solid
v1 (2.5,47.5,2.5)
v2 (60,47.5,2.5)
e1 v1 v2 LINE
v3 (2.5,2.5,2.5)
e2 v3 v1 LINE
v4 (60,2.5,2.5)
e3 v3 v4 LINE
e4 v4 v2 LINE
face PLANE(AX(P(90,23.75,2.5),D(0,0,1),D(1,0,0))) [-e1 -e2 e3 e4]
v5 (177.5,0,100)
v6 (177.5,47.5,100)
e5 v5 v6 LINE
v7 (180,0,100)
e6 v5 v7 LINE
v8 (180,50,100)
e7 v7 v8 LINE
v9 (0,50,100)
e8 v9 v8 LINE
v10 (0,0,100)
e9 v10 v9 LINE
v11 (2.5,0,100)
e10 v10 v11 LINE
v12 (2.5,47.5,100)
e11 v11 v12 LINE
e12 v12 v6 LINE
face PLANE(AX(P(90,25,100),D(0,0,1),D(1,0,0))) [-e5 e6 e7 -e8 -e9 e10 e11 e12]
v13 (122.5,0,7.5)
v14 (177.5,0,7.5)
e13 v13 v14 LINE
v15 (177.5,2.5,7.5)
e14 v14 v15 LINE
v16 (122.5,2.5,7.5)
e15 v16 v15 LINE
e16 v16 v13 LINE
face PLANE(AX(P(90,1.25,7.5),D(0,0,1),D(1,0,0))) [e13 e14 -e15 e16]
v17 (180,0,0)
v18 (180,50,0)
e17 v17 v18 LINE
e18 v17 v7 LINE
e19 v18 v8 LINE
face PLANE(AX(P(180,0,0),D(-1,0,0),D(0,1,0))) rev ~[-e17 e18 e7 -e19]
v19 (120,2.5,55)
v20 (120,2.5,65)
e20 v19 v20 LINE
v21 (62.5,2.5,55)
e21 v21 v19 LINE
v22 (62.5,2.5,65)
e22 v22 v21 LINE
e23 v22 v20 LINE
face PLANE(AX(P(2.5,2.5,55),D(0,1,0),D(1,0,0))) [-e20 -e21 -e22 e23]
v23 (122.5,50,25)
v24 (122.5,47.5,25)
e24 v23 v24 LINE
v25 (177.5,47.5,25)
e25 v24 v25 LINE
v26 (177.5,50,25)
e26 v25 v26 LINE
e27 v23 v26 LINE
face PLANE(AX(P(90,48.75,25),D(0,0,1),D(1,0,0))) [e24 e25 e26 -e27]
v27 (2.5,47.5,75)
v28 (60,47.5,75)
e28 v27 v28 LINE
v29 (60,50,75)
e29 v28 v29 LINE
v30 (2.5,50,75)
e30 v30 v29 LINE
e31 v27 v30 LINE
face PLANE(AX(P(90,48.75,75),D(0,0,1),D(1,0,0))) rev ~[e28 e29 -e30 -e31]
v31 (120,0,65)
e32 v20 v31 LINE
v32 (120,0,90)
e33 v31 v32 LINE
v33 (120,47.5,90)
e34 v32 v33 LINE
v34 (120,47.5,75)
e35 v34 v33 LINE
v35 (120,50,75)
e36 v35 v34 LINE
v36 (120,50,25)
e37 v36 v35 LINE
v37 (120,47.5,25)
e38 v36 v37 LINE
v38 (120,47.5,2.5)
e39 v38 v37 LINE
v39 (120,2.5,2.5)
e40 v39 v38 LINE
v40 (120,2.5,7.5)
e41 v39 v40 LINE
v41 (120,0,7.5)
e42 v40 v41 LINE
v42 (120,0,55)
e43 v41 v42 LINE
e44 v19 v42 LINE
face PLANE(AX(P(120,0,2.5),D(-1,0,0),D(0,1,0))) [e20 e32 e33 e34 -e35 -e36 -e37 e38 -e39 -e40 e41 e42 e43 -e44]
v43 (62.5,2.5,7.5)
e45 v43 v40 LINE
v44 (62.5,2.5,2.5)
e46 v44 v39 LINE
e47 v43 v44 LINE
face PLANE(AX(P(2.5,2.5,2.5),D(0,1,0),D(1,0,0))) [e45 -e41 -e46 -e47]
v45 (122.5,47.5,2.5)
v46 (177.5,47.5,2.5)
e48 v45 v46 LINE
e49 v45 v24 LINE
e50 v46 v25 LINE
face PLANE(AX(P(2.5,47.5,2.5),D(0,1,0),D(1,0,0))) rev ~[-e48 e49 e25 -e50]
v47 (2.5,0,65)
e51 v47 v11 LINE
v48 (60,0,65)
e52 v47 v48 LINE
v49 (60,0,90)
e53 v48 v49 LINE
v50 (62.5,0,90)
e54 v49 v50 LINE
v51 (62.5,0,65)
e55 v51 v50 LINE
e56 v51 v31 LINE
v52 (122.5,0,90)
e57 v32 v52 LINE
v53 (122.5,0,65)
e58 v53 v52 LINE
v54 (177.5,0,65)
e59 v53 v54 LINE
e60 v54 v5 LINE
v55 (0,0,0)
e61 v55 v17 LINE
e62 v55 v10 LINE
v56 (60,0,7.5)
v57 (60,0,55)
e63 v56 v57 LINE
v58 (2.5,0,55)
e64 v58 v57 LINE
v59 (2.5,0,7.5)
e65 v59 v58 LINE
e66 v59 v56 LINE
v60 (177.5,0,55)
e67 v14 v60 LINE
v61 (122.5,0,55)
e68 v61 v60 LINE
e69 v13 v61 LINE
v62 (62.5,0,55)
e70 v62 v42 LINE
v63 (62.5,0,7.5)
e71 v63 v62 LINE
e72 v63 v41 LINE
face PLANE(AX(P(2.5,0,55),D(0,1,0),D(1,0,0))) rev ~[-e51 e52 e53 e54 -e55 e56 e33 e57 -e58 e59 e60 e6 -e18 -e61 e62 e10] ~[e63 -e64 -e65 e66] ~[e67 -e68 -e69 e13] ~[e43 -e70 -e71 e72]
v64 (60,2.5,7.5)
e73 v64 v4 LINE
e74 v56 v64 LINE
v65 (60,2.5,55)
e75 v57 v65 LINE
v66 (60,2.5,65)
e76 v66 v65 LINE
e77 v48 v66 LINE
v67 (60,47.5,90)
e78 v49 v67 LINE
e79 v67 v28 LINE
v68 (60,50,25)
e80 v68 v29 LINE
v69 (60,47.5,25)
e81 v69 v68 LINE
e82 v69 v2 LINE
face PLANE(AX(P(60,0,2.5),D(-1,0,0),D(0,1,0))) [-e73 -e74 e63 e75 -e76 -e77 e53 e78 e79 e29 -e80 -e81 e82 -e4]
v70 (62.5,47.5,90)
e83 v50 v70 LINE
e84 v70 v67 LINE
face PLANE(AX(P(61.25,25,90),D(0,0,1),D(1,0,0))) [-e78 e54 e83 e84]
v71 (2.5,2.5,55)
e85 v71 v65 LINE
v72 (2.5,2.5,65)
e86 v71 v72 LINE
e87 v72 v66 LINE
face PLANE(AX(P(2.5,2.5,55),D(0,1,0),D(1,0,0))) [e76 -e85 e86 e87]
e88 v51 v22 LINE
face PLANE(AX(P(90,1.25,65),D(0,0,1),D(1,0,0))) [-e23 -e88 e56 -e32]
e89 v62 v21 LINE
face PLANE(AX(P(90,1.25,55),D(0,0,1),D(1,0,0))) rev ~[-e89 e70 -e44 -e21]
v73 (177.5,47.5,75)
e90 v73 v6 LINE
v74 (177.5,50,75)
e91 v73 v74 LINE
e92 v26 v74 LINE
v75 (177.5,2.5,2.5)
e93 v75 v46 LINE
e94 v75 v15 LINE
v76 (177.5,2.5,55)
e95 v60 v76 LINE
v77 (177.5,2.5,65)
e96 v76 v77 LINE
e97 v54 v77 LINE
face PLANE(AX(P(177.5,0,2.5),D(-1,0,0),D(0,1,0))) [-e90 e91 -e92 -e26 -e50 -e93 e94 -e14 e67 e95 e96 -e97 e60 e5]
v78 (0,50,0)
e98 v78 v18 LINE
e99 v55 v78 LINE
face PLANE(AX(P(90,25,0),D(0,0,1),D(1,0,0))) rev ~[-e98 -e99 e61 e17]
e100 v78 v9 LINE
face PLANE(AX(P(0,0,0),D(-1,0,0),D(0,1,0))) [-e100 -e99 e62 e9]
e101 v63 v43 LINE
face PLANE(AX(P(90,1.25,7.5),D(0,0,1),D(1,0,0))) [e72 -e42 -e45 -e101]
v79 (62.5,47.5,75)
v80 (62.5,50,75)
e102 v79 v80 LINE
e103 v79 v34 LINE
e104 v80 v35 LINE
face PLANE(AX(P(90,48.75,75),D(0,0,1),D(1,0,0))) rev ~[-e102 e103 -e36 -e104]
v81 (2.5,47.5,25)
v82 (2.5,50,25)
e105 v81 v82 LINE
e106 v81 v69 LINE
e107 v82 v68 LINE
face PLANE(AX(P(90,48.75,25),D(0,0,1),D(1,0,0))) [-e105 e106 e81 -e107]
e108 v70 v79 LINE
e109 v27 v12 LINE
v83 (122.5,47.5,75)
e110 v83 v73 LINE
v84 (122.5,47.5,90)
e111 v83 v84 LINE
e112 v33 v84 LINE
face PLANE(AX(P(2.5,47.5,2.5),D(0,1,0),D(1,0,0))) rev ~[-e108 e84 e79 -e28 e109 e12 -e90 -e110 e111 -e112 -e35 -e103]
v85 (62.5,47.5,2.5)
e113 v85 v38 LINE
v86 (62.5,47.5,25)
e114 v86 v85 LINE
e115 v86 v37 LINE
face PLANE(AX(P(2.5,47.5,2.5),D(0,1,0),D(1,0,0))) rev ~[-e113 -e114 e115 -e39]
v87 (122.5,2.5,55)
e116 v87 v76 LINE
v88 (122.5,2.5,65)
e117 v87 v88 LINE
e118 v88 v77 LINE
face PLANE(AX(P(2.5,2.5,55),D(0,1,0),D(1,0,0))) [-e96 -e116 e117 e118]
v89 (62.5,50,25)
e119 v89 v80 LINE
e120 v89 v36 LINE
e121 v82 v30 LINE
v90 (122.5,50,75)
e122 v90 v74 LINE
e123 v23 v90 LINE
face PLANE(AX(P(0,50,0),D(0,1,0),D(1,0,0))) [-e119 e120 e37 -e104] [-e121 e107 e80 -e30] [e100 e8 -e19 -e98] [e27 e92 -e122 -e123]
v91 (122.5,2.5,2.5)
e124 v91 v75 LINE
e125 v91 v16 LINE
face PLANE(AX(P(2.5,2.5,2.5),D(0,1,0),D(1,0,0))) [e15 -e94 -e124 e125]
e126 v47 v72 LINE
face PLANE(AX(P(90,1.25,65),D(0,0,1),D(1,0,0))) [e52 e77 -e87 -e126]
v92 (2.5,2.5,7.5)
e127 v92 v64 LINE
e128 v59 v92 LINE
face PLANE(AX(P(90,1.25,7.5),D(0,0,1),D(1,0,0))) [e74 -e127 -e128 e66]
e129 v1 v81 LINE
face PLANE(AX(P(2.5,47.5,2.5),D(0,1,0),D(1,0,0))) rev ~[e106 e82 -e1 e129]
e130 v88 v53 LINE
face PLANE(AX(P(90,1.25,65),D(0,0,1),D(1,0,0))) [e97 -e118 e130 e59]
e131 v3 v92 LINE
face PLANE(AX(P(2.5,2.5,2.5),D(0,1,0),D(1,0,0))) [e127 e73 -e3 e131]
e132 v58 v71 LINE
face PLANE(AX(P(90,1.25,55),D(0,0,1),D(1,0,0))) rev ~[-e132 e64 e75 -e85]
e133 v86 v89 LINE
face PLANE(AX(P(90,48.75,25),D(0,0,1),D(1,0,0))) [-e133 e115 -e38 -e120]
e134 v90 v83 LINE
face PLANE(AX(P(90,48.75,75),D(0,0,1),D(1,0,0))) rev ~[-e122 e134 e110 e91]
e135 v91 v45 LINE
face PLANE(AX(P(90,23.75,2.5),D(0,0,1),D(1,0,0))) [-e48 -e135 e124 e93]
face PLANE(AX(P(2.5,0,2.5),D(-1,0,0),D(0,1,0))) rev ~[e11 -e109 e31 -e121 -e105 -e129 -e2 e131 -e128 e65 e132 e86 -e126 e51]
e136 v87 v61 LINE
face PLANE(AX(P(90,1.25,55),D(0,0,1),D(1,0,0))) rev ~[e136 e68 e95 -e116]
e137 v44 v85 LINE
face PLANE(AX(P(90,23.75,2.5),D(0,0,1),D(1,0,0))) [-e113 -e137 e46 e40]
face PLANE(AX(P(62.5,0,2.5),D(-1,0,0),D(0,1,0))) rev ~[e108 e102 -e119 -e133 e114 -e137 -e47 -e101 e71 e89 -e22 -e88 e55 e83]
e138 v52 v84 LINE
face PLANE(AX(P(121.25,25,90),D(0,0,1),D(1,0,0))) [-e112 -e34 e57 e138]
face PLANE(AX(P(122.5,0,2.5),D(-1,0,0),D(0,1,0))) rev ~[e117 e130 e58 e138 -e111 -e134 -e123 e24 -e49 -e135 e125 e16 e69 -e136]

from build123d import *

# Parameters (mm, degrees)
BOX005_W     = 175
BOX005_H     = 2.5
BOX005_DEPTH = 50
BOX001_W     = 175
BOX001_H     = 47.5
BOX001_DEPTH = 97.5
BOX_W        = 180
BOX_H        = 50
BOX_DEPTH    = 100
BOX002_W     = 2.5
BOX002_H     = 50
BOX002_DEPTH = 87.5
BOX003_W     = 175
BOX003_H     = 2.5
BOX003_DEPTH = 10
BOX004_W     = 175
BOX004_H     = 2.5
BOX004_DEPTH = 5
BOX006_W     = 2.5
BOX006_H     = 50
BOX006_DEPTH = 87.5
BOX007_W     = 2.5
BOX007_H     = 50
BOX007_DEPTH = 87.5


with BuildPart() as back_cutout:
    # Box005 → Box005 (new body)
    with BuildSketch(Plane(origin=(2.5, 47.5, 25), x_dir=(1, 0, 0), z_dir=(0, 0, 1))):
        with Locations((87.5, 1.25)):
            Rectangle(BOX005_W, BOX005_H)
    extrude(amount=BOX005_DEPTH)


with BuildPart() as shell_cutout:
    # Box001 → Box001 (new body)
    with BuildSketch(Plane(origin=(2.5, 0, 2.5), x_dir=(1, 0, 0), z_dir=(0, 0, 1))):
        with Locations((87.5, 23.75)):
            Rectangle(BOX001_W, BOX001_H)
    extrude(amount=BOX001_DEPTH)


with BuildPart() as outer_shell:
    # Box → Box (new body)
    with BuildSketch(Plane.XY):
        with Locations((90, 25)):
            Rectangle(BOX_W, BOX_H)
    extrude(amount=BOX_DEPTH)

    # Cut: cut Shell Cutout
    add(shell_cutout.part, mode=Mode.SUBTRACT)

    # Cut001: cut Back Cutout
    add(back_cutout.part, mode=Mode.SUBTRACT)


with BuildPart() as center_divider:
    # Box002 → Box002 (new body)
    with BuildSketch(Plane(origin=(60, 0, 2.5), x_dir=(1, 0, 0), z_dir=(0, 0, 1))):
        with Locations((1.25, 25)):
            Rectangle(BOX002_W, BOX002_H)
    extrude(amount=BOX002_DEPTH)


with BuildPart() as front_bar:
    # Box003 → Box003 (new body)
    with BuildSketch(Plane(origin=(2.5, 0, 55), x_dir=(1, 0, 0), z_dir=(0, 0, 1))):
        with Locations((87.5, 1.25)):
            Rectangle(BOX003_W, BOX003_H)
    extrude(amount=BOX003_DEPTH)


with BuildPart() as bottom_lip:
    # Box004 → Box004 (new body)
    with BuildSketch(Plane(origin=(2.5, 0, 2.5), x_dir=(1, 0, 0), z_dir=(0, 0, 1))):
        with Locations((87.5, 1.25)):
            Rectangle(BOX004_W, BOX004_H)
    extrude(amount=BOX004_DEPTH)


with BuildPart() as right_divider:
    # Box006 → Box006 (new body)
    with BuildSketch(Plane(origin=(120, 0, 2.5), x_dir=(1, 0, 0), z_dir=(0, 0, 1))):
        with Locations((1.25, 25)):
            Rectangle(BOX006_W, BOX006_H)
    extrude(amount=BOX006_DEPTH)


with BuildPart() as fusion:
    # Box007 → Box007 (new body)
    with BuildSketch(Plane(origin=(60, 0, 2.5), x_dir=(1, 0, 0), z_dir=(0, 0, 1))):
        with Locations((1.25, 25)):
            Rectangle(BOX007_W, BOX007_H)
    extrude(amount=BOX007_DEPTH)

    # Fusion: union Outer Shell, Center Divider, Front Bar, Bottom Lip, Right Divider
    add(outer_shell.part)
    add(center_divider.part)
    add(front_bar.part)
    add(bottom_lip.part)
    add(right_divider.part)


solid = fusion.part
